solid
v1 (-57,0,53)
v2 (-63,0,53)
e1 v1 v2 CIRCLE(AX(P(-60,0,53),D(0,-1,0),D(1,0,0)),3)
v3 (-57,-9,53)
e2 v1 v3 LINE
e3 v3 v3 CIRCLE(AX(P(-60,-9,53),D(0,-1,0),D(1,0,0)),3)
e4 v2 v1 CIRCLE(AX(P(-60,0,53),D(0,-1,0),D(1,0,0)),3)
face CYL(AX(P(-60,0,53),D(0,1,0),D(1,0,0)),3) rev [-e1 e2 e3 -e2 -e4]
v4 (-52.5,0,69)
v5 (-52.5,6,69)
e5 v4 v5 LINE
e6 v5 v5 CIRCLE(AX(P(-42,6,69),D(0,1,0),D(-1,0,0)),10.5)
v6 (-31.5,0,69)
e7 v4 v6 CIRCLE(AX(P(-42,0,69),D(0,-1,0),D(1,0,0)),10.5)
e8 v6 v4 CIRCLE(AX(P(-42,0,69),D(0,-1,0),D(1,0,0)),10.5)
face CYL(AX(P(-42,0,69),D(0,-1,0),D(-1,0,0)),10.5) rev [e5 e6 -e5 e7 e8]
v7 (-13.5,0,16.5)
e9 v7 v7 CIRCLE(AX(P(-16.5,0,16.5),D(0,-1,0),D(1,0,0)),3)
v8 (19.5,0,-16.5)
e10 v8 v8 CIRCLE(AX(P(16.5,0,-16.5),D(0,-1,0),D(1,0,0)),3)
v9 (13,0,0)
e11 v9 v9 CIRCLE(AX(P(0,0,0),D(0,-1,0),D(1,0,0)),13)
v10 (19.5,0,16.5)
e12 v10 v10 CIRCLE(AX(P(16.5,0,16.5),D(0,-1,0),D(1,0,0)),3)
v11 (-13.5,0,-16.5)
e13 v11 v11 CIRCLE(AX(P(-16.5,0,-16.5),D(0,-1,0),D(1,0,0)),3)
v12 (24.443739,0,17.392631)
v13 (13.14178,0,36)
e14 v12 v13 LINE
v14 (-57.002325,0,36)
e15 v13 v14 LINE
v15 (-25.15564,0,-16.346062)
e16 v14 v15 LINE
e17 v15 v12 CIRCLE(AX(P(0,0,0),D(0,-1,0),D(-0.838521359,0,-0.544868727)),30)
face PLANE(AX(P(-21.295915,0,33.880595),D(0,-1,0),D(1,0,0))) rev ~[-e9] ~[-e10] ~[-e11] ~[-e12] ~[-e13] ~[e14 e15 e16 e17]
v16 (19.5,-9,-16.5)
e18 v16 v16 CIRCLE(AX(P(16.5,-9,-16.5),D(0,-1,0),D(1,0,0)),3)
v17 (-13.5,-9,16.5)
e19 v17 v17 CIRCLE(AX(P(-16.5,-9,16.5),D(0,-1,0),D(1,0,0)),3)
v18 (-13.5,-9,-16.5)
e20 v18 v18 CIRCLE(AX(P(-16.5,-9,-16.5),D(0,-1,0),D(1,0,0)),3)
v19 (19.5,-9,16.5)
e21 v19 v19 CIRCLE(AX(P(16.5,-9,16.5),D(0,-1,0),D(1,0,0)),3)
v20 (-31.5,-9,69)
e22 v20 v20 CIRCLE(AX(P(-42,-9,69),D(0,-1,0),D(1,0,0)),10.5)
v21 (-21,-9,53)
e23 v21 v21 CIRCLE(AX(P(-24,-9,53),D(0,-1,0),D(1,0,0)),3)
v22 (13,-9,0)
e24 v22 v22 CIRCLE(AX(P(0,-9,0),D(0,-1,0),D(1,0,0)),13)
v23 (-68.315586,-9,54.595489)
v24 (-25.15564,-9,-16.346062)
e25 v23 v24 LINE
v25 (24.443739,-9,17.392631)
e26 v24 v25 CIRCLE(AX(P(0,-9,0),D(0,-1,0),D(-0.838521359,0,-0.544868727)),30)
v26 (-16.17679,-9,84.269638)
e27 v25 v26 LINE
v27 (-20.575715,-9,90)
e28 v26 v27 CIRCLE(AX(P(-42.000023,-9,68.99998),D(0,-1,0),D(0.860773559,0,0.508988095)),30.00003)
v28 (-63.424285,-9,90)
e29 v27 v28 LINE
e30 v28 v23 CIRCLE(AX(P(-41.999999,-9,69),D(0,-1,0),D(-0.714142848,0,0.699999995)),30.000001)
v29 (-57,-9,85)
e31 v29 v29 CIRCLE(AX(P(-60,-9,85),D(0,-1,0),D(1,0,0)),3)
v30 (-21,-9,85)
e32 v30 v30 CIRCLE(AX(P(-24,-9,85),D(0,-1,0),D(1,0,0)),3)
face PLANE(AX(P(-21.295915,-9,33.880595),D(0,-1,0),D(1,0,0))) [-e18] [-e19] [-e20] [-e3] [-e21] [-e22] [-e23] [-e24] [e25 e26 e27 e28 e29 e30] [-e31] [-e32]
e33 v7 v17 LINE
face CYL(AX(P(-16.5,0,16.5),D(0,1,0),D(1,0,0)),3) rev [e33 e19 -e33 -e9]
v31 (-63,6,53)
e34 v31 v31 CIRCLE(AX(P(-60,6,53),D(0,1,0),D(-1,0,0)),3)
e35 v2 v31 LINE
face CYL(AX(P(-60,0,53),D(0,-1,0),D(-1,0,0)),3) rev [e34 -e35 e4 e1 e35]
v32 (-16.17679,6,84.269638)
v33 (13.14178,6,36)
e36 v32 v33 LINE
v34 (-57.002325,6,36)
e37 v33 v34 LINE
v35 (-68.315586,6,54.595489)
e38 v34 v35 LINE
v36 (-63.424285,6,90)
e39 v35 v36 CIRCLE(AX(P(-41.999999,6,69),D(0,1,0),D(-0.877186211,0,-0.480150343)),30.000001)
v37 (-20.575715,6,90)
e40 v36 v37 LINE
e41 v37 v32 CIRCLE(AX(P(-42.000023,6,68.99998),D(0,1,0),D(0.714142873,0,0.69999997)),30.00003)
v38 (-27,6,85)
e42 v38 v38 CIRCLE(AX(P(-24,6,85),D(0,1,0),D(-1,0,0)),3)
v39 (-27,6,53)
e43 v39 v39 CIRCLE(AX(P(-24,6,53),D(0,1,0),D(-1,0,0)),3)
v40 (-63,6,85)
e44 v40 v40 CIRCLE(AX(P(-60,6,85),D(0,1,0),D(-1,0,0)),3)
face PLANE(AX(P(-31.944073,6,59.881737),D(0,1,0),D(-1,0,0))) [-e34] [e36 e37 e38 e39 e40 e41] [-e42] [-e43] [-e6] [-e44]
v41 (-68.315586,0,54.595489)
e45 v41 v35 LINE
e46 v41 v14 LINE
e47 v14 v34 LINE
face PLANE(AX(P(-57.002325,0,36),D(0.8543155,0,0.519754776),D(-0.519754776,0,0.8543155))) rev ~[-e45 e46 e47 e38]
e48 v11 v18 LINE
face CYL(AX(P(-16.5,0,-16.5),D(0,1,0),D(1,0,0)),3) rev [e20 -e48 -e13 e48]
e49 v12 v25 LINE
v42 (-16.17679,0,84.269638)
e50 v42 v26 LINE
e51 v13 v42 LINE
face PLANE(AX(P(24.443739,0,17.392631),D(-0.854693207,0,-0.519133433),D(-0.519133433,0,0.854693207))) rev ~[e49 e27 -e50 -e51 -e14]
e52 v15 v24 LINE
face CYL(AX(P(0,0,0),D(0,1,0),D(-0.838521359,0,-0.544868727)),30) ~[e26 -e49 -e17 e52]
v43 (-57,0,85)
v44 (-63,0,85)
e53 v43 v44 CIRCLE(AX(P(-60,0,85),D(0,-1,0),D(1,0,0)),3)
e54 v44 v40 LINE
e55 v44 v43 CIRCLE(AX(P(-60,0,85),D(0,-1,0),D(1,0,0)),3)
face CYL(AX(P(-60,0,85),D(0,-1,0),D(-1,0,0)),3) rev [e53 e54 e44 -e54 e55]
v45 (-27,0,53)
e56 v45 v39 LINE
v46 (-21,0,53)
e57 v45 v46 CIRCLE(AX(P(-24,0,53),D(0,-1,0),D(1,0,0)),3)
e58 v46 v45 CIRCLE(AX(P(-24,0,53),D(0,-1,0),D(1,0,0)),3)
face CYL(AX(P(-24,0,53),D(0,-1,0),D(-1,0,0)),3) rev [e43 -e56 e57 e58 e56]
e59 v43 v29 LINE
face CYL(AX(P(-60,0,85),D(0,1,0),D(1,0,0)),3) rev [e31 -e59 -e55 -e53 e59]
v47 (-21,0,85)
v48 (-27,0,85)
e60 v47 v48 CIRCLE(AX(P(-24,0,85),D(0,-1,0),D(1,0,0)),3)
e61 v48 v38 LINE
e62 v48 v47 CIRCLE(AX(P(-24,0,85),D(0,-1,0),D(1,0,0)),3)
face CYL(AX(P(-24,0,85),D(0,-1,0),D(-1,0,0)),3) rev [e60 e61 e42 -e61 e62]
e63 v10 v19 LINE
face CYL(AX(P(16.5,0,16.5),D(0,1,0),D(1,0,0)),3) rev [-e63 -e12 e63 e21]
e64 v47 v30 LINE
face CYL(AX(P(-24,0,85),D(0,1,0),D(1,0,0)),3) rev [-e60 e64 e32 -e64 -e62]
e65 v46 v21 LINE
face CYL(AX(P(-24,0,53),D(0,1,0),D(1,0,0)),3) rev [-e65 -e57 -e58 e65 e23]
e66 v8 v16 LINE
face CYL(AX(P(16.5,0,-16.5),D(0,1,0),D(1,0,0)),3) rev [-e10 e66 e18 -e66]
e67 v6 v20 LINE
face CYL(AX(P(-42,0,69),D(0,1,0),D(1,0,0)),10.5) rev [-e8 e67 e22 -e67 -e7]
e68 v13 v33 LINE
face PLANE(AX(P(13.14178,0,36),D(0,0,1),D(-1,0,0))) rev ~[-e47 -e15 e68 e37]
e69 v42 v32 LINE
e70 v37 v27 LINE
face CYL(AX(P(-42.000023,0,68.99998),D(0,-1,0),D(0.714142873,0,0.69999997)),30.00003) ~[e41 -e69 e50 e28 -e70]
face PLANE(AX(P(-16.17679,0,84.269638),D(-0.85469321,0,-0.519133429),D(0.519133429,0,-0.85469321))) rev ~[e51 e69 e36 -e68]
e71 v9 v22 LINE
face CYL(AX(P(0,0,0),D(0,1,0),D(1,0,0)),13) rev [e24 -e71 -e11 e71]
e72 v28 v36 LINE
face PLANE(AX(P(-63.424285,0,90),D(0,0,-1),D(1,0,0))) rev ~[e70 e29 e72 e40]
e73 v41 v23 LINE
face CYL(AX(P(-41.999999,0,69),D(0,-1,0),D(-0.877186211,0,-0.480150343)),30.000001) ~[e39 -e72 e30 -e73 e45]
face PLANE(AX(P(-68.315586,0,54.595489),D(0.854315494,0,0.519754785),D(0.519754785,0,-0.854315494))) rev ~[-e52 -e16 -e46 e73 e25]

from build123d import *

# Parameters (mm, degrees)
F0_R     = 3
F0_R_2   = 13
F0_R_3   = 10.5
F1_DEPTH = 9
F2_R     = 3
F2_R_2   = 10.5
F3_DEPTH = 6


with BuildPart() as f1:
    # F0 (on Front) → F1 (new body)
    with BuildSketch(Plane.XZ):
        with BuildLine():
            Line((-68.315586, 54.595489), (-25.15564, -16.346062))
            ThreePointArc((-25.15564, -16.346062), (16.873102, -24.80521), (24.443739, 17.392631))
            Line((24.443739, 17.392631), (-16.17679, 84.269638))
            ThreePointArc((-16.17679, 84.269638), (-18.203137, 87.267712), (-20.575715, 90))
            Line((-20.575715, 90), (-63.424285, 90))
            ThreePointArc((-63.424285, 90), (-71.717733, 73.105646), (-68.315586, 54.595489))
        make_face()
        with Locations((-16.5, -16.5)):
            Circle(F0_R, mode=Mode.SUBTRACT)
        with Locations((16.5, -16.5)):
            Circle(F0_R, mode=Mode.SUBTRACT)
        Circle(F0_R_2, mode=Mode.SUBTRACT)
        with Locations((-16.5, 16.5)):
            Circle(F0_R, mode=Mode.SUBTRACT)
        with Locations((16.5, 16.5)):
            Circle(F0_R, mode=Mode.SUBTRACT)
        with Locations((-60, 53)):
            Circle(F0_R, mode=Mode.SUBTRACT)
        with Locations((-24, 53)):
            Circle(F0_R, mode=Mode.SUBTRACT)
        with Locations((-60, 85)):
            Circle(F0_R, mode=Mode.SUBTRACT)
        with Locations((-42, 69)):
            Circle(F0_R_3, mode=Mode.SUBTRACT)
        with Locations((-24, 85)):
            Circle(F0_R, mode=Mode.SUBTRACT)
    extrude(amount=F1_DEPTH)

    # F2 (on face) → F3 (join)
    with BuildSketch(Plane(origin=(0, 0, 0), x_dir=(-1, 0, 0), z_dir=(0, 1, 0))):
        with BuildLine():
            Line((-13.14178, 36), (57.002325, 36))
            Line((57.002325, 36), (68.315586, 54.595489))
            ThreePointArc((68.315586, 54.595489), (71.717733, 73.105646), (63.424285, 90))
            Line((63.424285, 90), (20.575715, 90))
            ThreePointArc((20.575715, 90), (18.203137, 87.267712), (16.17679, 84.269638))
            Line((16.17679, 84.269638), (-13.14178, 36))
        make_face()
        with Locations((24, 53)):
            Circle(F2_R, mode=Mode.SUBTRACT)
        with Locations((60, 53)):
            Circle(F2_R, mode=Mode.SUBTRACT)
        with Locations((42, 69)):
            Circle(F2_R_2, mode=Mode.SUBTRACT)
        with Locations((24, 85)):
            Circle(F2_R, mode=Mode.SUBTRACT)
        with Locations((60, 85)):
            Circle(F2_R, mode=Mode.SUBTRACT)
    extrude(amount=F3_DEPTH)


solid = f1.part
